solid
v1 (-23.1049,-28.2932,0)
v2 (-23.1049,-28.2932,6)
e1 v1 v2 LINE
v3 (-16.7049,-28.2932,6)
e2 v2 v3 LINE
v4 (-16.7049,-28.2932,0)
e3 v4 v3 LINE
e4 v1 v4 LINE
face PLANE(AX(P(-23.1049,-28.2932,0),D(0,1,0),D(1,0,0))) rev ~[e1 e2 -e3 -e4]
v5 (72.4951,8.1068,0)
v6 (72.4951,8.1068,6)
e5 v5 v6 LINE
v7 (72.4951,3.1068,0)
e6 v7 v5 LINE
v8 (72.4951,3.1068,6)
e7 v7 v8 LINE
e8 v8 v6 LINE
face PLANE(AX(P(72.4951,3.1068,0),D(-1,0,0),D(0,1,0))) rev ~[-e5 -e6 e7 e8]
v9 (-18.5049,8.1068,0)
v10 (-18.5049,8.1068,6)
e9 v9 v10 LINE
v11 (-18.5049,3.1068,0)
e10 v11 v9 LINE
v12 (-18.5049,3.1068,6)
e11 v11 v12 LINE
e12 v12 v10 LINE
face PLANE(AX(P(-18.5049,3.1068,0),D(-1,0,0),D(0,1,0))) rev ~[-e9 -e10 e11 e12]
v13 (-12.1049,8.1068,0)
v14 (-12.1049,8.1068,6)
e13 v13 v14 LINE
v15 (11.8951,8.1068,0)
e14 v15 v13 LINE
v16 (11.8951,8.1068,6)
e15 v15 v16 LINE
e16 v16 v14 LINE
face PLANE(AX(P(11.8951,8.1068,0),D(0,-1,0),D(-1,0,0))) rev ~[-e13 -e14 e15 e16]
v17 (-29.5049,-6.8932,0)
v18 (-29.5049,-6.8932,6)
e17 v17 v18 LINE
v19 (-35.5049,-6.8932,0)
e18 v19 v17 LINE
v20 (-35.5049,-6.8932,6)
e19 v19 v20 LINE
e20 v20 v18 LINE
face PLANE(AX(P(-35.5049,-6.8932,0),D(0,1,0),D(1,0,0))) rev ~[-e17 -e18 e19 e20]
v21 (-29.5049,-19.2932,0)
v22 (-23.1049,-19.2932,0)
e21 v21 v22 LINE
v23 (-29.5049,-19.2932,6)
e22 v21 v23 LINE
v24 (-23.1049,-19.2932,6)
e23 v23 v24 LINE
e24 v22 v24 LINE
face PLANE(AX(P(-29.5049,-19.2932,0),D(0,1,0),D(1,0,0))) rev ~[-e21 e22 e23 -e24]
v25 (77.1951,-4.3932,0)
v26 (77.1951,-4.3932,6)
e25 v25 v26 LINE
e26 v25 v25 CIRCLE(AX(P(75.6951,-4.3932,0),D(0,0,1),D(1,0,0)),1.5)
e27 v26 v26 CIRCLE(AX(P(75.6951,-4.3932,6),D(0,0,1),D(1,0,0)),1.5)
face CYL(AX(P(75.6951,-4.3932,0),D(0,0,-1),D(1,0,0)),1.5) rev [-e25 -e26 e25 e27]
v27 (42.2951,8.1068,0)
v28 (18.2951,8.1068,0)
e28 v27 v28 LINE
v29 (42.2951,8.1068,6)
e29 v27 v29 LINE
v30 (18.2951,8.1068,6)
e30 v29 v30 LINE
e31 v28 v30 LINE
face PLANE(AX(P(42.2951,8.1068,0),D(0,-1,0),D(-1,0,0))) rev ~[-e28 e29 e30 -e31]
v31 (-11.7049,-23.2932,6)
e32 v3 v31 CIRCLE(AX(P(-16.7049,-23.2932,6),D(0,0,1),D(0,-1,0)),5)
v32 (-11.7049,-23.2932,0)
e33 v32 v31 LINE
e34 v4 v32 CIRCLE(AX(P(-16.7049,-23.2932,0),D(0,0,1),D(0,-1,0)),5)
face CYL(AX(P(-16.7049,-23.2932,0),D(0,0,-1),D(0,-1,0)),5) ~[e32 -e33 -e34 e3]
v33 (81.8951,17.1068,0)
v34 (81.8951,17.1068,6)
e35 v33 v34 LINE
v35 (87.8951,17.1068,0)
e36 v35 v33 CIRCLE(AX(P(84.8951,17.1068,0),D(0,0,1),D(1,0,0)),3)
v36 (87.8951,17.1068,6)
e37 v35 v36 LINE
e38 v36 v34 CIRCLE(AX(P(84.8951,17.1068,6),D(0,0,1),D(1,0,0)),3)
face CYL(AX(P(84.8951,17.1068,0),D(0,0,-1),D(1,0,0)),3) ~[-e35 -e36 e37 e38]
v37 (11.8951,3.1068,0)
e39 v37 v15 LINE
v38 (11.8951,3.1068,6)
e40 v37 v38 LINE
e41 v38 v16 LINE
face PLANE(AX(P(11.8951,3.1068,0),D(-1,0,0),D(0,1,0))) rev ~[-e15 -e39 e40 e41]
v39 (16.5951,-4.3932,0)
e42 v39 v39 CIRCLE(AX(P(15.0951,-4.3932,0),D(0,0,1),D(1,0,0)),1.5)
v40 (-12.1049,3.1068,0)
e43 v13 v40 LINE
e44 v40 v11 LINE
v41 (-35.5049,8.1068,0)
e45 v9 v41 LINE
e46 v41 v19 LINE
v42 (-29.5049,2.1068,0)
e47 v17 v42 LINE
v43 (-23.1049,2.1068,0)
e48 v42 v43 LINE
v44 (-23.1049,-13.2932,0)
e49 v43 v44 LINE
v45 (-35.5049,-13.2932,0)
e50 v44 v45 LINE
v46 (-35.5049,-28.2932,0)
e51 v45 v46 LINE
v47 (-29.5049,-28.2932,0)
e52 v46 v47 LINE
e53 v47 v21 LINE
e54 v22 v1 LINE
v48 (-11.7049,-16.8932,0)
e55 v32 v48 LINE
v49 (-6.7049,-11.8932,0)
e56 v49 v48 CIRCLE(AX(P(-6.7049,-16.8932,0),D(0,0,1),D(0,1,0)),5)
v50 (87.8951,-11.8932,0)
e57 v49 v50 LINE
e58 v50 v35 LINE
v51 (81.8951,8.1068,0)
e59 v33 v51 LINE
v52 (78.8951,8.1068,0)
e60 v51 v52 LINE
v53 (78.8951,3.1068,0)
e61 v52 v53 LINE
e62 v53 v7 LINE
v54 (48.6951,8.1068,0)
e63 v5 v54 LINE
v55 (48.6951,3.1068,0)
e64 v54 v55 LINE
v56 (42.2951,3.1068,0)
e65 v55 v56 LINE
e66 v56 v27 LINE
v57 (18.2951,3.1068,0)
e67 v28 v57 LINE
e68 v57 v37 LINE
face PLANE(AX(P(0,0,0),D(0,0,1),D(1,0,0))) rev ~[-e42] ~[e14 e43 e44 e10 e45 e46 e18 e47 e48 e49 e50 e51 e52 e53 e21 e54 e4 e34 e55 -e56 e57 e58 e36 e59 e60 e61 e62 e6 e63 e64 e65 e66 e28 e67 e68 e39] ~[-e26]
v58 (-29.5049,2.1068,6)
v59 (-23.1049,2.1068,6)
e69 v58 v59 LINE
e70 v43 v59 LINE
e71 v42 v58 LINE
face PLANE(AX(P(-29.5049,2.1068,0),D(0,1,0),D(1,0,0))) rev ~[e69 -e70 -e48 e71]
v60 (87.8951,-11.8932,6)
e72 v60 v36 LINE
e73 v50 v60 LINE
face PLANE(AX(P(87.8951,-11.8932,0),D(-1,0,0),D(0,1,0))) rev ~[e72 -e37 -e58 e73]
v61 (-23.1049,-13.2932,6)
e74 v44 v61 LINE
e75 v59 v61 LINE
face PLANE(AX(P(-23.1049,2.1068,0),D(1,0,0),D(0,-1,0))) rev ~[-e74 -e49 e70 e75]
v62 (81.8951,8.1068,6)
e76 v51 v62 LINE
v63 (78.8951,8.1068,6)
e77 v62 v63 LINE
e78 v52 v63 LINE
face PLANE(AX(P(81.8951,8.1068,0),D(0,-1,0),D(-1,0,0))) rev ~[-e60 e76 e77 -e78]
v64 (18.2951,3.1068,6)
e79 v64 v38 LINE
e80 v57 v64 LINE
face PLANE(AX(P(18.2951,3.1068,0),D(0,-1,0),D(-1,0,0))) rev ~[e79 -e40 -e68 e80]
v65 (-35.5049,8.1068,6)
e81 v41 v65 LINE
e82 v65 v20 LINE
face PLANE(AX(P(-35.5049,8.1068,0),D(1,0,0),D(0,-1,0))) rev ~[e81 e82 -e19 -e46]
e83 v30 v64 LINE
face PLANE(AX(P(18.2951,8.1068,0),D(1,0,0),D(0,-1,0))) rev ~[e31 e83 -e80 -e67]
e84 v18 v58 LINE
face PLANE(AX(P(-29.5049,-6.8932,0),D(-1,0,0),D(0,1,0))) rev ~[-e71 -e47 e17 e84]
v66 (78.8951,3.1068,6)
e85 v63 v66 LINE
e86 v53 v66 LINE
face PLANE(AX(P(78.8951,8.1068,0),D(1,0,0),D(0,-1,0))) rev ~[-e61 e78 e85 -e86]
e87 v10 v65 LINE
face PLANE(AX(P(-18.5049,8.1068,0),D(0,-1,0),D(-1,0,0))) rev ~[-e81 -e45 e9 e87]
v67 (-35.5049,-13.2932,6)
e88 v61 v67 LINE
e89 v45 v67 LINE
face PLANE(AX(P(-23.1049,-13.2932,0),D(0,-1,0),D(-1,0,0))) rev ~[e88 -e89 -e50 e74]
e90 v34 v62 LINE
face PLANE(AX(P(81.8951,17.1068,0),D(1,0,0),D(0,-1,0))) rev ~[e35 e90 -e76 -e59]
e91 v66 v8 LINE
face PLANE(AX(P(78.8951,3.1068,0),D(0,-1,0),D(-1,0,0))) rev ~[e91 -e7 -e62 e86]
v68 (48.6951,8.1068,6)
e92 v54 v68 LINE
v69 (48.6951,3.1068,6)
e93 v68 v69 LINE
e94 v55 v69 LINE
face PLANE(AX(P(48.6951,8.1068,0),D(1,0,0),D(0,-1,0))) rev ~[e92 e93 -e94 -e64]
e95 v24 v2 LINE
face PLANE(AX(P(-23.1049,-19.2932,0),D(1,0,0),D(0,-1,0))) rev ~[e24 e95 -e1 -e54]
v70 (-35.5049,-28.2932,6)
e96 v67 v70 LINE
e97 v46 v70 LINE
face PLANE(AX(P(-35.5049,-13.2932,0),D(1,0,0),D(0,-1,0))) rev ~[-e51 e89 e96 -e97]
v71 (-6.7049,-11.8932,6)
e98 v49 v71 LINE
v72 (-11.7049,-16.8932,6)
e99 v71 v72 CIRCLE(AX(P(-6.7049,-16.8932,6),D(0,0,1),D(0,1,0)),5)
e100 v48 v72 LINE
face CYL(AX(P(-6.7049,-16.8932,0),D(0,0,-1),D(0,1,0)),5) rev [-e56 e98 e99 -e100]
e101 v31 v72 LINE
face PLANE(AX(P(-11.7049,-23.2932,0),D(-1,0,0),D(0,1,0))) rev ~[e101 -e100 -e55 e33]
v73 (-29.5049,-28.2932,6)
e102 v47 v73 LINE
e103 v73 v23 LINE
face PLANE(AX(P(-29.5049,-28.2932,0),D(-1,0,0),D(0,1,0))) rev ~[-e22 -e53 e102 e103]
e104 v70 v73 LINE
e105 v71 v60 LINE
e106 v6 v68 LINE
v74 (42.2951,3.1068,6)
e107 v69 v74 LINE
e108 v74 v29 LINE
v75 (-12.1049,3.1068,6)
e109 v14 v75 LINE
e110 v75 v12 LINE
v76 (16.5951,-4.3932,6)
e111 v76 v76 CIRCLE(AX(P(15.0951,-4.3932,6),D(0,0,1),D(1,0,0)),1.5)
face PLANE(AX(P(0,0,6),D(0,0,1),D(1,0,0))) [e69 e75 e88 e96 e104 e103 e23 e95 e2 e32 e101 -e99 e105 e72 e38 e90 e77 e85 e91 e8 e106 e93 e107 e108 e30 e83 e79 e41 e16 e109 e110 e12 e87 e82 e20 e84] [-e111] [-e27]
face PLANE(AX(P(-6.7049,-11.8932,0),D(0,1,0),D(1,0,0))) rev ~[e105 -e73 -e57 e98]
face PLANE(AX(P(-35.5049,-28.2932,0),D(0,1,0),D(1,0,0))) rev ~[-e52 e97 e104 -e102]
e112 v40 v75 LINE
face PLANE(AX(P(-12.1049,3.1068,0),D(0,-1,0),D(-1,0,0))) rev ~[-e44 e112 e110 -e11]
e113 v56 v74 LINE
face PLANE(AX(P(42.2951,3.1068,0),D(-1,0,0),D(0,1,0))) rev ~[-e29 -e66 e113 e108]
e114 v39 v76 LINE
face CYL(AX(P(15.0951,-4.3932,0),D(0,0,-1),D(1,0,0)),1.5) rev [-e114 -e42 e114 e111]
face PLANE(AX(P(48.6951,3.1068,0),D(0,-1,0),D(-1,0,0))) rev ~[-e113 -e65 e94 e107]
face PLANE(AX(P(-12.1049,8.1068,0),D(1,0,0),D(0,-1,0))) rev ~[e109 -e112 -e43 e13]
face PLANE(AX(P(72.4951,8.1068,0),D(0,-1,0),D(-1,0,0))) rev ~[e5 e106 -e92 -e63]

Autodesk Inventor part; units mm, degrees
ref_plane "YZ Plane" through (0, 0, 0) normal (1, 0, 0) x (0, 1, 0)
ref_plane "XZ Plane" through (0, 0, 0) normal (0, 1, 0) x (-1, 0, 0)
ref_plane "XY Plane" through (0, 0, 0) normal (0, 0, 1) x (1, 0, 0)
sketch "Sketch1" plane through (0, 0, 0) normal (0, 0, 1) x (1, 0, 0)
  arc A0 (87.8951, 17.1068) -> (81.8951, 17.1068) centre (84.8951, 17.1068) ccw
  line L0 (81.8951, 17.1068) -> (81.8951, 8.1068)
  line L1 (81.8951, 8.1068) -> (78.8951, 8.1068)
  line L2 (78.8951, 8.1068) -> (78.8951, 3.1068)
  line L3 (78.8951, 3.1068) -> (72.4951, 3.1068)
  line L4 (72.4951, 3.1068) -> (72.4951, 8.1068)
  line L5 (72.4951, 8.1068) -> (48.6951, 8.1068)
  line L6 (48.6951, 8.1068) -> (48.6951, 3.1068)
  line L7 (48.6951, 3.1068) -> (42.2951, 3.1068)
  line L8 (42.2951, 3.1068) -> (42.2951, 8.1068)
  line L9 (42.2951, 8.1068) -> (18.2951, 8.1068)
  line L10 (18.2951, 8.1068) -> (18.2951, 3.1068)
  line L11 (18.2951, 3.1068) -> (11.8951, 3.1068)
  line L12 (11.8951, 3.1068) -> (11.8951, 8.1068)
  line L13 (11.8951, 8.1068) -> (-12.1049, 8.1068)
  line L14 (-12.1049, 8.1068) -> (-12.1049, 3.1068)
  line L15 (-12.1049, 3.1068) -> (-18.5049, 3.1068)
  line L16 (-18.5049, 3.1068) -> (-18.5049, 8.1068)
  line L17 (-18.5049, 8.1068) -> (-35.5049, 8.1068)
  line L18 (-35.5049, 8.1068) -> (-35.5049, -6.8932)
  line L19 (-35.5049, -6.8932) -> (-29.5049, -6.8932)
  line L20 (-29.5049, -6.8932) -> (-29.5049, 2.1068)
  line L21 (-29.5049, 2.1068) -> (-23.1049, 2.1068)
  line L22 (-23.1049, 2.1068) -> (-23.1049, -13.2932)
  line L23 (-23.1049, -13.2932) -> (-35.5049, -13.2932)
  line L24 (-35.5049, -13.2932) -> (-35.5049, -28.2932)
  line L25 (-35.5049, -28.2932) -> (-29.5049, -28.2932)
  line L26 (-29.5049, -28.2932) -> (-29.5049, -19.2932)
  line L27 (-29.5049, -19.2932) -> (-23.1049, -19.2932)
  line L28 (-23.1049, -19.2932) -> (-23.1049, -28.2932)
  line L29 (-23.1049, -28.2932) -> (-16.7049, -28.2932)
  arc A1 (-16.7049, -28.2932) -> (-11.7049, -23.2932) centre (-16.7049, -23.2932) ccw
  line L30 (-11.7049, -23.2932) -> (-11.7049, -16.8932)
  arc A2 (-6.7049, -11.8932) -> (-11.7049, -16.8932) centre (-6.7049, -16.8932) ccw
  line L31 (-6.7049, -11.8932) -> (87.8951, -11.8932)
  line L32 (87.8951, -11.8932) -> (87.8951, 17.1068)
  circle A3 centre (75.6951, -4.3932) radius 1.5
  circle A4 centre (15.0951, -4.3932) radius 1.5
  point P0 (0, 0)
extrude "Extrusion1" add sketch "Sketch1" along normal blind 6
properties part number "spoolHolder_b"
